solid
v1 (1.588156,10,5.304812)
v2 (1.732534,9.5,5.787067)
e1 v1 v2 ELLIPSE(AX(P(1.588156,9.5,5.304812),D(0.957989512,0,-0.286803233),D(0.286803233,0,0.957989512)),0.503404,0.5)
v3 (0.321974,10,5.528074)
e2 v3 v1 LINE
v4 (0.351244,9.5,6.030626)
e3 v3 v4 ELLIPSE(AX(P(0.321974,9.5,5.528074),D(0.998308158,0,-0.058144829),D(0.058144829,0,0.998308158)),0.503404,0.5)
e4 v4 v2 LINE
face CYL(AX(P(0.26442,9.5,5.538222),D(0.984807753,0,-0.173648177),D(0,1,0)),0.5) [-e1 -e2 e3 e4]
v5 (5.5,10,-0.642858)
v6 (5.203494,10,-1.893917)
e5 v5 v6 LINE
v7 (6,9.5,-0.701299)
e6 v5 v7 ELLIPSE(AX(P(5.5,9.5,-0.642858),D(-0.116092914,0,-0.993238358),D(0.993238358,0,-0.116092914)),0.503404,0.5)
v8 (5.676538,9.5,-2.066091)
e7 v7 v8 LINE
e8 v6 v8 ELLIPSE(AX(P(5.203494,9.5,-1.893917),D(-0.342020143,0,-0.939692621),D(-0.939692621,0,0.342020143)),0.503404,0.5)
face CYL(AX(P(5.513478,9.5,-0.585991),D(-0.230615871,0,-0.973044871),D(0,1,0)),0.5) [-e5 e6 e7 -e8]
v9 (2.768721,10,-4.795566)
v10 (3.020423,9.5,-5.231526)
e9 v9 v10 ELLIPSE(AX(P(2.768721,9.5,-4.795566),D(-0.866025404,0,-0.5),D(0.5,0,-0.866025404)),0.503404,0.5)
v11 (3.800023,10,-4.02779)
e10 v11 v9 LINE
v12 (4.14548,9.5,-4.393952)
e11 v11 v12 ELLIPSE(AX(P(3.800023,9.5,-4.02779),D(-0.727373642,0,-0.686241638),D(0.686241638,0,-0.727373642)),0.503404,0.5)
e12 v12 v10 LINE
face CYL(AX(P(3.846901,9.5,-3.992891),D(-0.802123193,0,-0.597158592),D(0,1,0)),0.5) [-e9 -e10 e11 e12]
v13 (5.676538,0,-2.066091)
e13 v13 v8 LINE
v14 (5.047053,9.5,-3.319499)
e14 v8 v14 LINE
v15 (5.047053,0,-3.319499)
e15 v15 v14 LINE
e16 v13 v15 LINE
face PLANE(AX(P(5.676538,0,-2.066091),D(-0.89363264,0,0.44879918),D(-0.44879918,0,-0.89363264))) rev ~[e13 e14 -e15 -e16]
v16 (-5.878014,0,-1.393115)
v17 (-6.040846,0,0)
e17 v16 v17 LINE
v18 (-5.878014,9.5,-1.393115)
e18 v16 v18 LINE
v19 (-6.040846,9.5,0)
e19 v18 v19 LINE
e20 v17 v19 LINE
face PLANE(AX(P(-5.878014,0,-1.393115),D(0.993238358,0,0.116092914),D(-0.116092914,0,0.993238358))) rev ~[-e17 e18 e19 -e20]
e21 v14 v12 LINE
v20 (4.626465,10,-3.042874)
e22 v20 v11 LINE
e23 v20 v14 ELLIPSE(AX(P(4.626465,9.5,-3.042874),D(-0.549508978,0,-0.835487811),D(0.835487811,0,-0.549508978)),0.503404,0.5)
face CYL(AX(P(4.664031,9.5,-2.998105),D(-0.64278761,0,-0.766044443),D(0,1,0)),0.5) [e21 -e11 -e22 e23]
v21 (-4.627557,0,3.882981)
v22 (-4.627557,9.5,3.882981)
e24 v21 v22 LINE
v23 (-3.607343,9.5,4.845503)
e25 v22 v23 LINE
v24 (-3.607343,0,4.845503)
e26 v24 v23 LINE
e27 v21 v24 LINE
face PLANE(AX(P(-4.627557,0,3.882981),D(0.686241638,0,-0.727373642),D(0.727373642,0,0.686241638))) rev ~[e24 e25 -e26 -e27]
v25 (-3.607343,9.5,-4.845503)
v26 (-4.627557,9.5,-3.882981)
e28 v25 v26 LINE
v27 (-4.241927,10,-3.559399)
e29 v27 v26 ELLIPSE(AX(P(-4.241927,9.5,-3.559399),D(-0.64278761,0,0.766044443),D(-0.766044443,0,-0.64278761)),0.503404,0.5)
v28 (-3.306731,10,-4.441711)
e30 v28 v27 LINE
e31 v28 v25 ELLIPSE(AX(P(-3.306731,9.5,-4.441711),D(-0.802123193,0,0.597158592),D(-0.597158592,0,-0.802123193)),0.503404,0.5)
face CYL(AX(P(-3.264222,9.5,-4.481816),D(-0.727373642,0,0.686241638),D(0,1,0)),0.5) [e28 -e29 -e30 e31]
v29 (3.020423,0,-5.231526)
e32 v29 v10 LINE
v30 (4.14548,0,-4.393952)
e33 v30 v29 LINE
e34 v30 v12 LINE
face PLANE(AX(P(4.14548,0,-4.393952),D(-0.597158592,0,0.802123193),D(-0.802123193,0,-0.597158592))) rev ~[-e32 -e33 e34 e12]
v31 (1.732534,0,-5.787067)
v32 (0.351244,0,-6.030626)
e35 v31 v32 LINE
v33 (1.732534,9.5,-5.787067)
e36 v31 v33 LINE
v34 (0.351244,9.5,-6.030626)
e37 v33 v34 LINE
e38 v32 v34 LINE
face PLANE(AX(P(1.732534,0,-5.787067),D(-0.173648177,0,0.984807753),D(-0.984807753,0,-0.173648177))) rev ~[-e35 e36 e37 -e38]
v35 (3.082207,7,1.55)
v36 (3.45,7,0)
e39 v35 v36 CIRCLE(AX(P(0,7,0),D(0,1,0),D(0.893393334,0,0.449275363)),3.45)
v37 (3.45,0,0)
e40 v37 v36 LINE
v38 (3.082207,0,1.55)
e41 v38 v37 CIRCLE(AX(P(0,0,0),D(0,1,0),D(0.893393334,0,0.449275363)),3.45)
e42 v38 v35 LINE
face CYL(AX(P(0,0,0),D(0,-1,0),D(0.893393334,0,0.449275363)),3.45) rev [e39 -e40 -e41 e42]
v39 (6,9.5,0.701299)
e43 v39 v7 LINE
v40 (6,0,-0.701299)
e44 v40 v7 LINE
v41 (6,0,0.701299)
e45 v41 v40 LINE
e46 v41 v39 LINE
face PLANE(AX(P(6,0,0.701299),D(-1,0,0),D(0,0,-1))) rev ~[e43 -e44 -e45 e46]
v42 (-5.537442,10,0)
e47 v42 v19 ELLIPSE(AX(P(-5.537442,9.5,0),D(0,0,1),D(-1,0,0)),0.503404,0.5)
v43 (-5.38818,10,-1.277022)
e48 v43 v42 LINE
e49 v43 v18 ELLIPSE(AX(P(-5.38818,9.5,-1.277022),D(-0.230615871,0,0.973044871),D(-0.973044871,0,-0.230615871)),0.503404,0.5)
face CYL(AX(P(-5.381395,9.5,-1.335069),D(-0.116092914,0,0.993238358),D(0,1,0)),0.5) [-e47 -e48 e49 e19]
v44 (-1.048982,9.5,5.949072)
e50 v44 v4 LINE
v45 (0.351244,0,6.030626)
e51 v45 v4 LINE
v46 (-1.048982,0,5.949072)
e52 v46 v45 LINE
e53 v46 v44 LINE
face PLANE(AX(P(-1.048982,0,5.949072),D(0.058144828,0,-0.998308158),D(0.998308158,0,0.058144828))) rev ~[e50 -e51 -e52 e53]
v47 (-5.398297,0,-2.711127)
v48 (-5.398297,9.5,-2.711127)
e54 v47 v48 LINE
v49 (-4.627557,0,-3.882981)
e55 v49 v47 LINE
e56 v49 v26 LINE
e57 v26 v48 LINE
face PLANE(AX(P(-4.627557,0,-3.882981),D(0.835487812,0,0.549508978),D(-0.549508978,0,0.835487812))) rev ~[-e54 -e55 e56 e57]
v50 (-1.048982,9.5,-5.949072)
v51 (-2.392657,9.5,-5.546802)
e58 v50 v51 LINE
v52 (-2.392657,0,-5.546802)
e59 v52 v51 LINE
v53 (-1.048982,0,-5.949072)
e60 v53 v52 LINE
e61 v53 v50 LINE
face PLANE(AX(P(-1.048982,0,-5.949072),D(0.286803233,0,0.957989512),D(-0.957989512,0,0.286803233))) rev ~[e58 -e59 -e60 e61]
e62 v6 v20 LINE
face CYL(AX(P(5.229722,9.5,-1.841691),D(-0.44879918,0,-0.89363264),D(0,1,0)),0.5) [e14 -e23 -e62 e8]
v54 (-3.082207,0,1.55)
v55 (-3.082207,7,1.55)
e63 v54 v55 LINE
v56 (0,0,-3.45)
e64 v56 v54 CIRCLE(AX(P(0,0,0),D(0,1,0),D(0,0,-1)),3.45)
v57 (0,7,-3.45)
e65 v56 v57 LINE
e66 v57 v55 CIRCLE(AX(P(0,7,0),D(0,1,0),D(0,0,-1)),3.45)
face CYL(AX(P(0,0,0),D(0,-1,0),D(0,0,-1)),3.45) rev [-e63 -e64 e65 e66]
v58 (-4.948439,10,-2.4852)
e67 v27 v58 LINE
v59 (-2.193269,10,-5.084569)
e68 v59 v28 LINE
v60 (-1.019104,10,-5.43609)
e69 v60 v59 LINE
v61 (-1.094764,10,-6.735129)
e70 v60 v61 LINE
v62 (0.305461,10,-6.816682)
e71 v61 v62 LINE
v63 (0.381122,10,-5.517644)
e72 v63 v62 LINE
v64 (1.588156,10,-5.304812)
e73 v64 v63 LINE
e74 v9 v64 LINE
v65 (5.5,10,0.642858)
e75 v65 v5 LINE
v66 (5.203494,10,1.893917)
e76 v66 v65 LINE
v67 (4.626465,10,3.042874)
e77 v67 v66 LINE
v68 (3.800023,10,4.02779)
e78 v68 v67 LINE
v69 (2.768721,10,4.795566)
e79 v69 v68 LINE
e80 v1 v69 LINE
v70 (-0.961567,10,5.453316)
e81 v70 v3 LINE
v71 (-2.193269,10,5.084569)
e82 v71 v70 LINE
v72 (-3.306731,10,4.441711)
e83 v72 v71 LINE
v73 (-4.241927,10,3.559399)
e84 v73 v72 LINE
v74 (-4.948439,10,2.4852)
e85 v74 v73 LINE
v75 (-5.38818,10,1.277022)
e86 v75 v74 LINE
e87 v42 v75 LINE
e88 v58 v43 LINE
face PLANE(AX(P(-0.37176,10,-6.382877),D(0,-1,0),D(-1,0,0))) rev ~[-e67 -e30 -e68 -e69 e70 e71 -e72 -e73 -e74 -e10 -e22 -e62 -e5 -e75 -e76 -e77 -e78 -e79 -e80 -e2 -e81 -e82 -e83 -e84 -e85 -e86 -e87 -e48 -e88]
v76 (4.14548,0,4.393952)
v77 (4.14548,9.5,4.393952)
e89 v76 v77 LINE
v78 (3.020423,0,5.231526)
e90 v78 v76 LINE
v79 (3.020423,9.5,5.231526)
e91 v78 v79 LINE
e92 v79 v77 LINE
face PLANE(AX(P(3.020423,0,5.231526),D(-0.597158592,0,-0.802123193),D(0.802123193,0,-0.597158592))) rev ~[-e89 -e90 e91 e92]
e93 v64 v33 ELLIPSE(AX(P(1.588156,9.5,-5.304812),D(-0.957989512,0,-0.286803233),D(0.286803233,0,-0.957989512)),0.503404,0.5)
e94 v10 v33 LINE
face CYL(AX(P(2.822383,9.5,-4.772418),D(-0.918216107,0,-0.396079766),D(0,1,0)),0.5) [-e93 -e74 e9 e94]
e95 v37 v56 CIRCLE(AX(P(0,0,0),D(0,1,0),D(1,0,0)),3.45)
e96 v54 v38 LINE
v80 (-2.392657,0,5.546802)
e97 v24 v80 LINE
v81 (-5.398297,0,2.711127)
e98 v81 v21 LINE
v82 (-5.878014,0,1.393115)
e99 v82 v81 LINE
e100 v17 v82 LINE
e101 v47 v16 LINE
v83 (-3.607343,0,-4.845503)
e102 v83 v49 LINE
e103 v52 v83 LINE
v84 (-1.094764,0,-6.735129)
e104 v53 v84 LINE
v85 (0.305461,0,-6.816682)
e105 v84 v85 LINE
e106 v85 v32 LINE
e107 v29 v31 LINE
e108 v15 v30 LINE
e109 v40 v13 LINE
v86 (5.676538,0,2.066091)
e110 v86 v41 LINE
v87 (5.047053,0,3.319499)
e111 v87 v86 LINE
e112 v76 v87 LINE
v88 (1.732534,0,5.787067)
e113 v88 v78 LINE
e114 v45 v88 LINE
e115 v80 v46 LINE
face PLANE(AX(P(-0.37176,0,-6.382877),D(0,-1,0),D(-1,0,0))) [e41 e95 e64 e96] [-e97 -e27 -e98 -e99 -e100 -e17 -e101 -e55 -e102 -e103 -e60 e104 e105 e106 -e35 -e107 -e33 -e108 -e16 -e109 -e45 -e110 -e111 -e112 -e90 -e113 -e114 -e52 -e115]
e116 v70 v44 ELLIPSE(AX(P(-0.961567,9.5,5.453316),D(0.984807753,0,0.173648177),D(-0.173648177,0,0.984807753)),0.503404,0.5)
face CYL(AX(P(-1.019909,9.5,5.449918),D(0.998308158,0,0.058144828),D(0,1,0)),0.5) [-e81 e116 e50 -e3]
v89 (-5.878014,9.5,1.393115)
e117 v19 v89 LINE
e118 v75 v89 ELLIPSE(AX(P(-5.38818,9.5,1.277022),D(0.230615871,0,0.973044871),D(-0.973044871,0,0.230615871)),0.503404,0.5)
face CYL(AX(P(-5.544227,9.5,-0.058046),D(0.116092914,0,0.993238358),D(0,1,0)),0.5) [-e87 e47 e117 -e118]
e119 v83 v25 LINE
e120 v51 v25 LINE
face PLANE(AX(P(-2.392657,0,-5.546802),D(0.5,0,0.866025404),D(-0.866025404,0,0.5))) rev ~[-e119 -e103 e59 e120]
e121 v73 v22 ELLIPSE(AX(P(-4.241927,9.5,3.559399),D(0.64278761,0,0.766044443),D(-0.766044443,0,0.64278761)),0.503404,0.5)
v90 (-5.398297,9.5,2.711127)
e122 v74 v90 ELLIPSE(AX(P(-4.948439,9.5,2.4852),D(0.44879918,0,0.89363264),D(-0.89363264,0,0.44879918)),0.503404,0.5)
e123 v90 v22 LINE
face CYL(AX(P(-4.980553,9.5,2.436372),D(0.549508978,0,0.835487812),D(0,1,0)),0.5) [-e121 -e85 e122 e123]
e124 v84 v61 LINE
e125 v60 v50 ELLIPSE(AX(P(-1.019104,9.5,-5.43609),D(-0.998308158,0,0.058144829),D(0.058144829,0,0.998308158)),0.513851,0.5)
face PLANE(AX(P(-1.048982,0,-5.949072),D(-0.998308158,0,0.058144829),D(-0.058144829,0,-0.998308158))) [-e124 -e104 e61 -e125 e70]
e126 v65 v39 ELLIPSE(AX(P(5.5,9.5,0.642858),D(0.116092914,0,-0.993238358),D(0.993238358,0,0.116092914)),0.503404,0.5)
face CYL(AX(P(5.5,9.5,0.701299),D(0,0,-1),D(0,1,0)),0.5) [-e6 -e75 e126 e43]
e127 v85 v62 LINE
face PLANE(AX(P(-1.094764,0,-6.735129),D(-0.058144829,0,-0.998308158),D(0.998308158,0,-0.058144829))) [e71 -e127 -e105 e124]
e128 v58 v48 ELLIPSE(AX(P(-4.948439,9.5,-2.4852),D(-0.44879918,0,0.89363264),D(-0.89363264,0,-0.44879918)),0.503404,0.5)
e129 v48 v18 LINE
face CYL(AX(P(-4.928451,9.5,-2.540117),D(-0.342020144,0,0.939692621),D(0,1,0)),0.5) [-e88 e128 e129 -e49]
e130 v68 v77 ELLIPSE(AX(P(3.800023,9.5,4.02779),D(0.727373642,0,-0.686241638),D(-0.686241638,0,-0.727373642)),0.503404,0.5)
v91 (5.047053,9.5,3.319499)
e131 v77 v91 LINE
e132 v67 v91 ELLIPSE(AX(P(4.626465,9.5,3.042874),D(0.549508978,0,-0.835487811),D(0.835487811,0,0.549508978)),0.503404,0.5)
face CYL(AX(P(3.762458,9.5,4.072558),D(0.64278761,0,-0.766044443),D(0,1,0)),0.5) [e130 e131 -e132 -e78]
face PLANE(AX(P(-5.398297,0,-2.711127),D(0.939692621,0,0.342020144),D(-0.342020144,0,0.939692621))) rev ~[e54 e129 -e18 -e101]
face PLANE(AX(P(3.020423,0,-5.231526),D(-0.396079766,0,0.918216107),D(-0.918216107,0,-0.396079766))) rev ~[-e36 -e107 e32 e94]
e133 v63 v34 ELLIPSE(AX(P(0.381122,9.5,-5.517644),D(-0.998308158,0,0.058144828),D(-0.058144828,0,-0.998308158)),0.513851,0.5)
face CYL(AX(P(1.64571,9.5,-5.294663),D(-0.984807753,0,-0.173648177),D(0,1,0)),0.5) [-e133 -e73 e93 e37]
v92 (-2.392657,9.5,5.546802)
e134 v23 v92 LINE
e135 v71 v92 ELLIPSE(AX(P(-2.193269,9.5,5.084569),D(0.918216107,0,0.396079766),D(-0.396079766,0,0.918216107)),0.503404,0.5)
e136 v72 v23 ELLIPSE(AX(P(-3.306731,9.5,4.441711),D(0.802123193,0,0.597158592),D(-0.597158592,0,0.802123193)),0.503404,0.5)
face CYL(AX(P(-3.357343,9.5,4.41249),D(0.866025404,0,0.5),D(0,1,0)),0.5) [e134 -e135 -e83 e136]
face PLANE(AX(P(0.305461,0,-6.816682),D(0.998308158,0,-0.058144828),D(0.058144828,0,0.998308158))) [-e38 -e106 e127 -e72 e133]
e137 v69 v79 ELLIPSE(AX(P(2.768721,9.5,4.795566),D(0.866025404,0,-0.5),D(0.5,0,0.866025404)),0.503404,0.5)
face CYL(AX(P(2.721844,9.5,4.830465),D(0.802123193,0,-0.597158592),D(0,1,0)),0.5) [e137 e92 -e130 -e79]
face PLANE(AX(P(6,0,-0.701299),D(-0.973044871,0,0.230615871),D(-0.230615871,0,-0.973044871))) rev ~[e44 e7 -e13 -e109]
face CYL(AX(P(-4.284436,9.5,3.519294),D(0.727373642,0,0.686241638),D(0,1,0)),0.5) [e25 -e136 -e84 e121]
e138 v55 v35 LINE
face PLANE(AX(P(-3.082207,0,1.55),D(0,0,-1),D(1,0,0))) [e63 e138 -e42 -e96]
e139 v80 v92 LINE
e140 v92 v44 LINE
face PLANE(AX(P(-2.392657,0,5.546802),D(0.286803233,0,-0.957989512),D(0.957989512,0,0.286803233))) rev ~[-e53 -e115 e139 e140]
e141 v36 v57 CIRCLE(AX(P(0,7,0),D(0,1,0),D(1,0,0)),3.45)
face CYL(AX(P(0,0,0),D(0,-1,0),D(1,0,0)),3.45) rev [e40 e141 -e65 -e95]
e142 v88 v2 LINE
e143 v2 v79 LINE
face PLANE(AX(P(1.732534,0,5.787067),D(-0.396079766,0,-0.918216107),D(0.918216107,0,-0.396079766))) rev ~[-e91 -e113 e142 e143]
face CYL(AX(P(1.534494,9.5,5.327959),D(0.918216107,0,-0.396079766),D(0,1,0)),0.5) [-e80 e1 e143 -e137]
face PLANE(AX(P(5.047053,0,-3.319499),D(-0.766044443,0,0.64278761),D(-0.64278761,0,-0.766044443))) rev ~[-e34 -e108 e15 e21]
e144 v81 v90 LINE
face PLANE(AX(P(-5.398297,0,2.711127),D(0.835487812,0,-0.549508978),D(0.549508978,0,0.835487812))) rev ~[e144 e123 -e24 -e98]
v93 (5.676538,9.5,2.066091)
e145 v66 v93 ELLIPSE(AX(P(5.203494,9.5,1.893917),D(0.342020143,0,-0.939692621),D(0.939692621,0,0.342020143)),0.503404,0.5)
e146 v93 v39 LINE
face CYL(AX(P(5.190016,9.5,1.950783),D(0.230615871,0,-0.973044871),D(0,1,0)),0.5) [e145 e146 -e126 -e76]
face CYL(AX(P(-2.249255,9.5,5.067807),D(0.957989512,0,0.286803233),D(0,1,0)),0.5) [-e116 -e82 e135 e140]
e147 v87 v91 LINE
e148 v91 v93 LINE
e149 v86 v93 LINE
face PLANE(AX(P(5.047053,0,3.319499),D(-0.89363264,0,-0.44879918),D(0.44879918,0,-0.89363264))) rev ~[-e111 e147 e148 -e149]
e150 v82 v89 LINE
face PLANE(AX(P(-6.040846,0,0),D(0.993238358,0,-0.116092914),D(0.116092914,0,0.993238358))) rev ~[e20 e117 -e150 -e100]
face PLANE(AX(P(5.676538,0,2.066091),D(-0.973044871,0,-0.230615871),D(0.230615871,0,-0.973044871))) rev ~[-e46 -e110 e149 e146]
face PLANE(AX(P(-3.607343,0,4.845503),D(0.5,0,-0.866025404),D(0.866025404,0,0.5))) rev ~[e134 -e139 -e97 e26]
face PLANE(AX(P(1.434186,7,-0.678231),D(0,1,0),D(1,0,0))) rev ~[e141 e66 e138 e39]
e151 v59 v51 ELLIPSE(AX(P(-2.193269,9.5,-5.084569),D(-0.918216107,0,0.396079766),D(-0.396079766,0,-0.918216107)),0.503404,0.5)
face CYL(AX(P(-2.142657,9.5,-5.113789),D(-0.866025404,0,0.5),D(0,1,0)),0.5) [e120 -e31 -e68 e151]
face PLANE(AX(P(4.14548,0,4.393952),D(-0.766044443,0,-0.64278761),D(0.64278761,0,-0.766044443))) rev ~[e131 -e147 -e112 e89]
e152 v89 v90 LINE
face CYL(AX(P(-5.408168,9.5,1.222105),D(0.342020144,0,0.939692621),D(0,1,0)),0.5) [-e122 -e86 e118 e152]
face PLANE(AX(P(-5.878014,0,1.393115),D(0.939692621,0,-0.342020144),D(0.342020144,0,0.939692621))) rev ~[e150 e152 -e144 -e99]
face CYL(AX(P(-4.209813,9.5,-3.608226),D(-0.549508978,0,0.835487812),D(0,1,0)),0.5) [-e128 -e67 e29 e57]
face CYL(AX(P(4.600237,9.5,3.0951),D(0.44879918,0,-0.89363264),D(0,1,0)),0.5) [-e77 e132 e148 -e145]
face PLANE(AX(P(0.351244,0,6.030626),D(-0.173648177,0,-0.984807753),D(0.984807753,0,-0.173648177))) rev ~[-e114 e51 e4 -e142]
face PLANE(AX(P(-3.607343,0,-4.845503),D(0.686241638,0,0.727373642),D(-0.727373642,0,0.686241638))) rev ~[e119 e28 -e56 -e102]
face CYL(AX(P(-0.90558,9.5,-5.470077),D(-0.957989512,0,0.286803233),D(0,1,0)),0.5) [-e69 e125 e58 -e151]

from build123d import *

# Parameters (mm, degrees)
BOSS_EXTRUDE1_DEPTH = 10
BOSS_EXTRUDE2_DEPTH = 10
FILLET2_R           = 0.5
CUT_EXTRUDE1_DEPTH  = 7


with BuildPart() as part:
    # Sketch1 → Boss-Extrude1 (new body)
    with BuildSketch(Plane(origin=(0, 0, 0), x_dir=(1, 0, 0), z_dir=(0, 1, 0))):
        Polygon((4.145480081, 4.393952182), (3.02042302, 5.231526131), (1.732534173, 5.787067152), (0.351243959, 6.030625884), (-1.048981906, 5.949072015), (-2.392656886, 5.546802133), (-3.607343114, 4.845502712), (-4.627556541, 3.882980986), (-5.398297196, 2.71112675), (-5.878014253, 1.39311497), (-6.04084604, 0), (-5.878014253, -1.39311497), (-5.398297196, -2.71112675), (-4.627556541, -3.882980986), (-3.607343114, -4.845502712), (-2.392656886, -5.546802133), (-1.048981906, -5.949072015), (0.351243959, -6.030625884), (1.732534173, -5.787067152), (3.02042302, -5.231526131), (4.145480081, -4.393952182), (5.047053237, -3.319499134), (5.676538447, -2.066091028), (6, -0.701299421), (6, 0.701299421), (5.676538447, 2.066091028), (5.047053237, 3.319499134), align=None)
    extrude(amount=BOSS_EXTRUDE1_DEPTH)

    # Sketch2 → Boss-Extrude2 (add)
    with BuildSketch(Plane(origin=(0, 0, 0), x_dir=(1, 0, 0), z_dir=(0, 1, 0))):
        Polygon((-1.094764488, 6.735128586), (0.305461378, 6.816682456), (0.351243959, 6.030625884), (-1.048981906, 5.949072015), align=None)
    extrude(amount=BOSS_EXTRUDE2_DEPTH)

    # Fillet2
    fillet2_edges = [part.edges().sort_by_distance(p)[0] for p in [
        (4.596266659, 10, 3.856725658),
        (5.361795842, 10, 2.692795081),
        (5.838269223, 10, 1.383695224),
        (5.361795842, 10, -2.692795081),
        (4.596266659, 10, -3.856725658),
        (3.58295155, 10, -4.812739157),
        (2.376478596, 10, -5.509296641),
        (1.041889066, 10, -5.908846518),
        (-1.720819396, 10, -5.747937074),
        (-3, 10, -5.196152423),
        (-4.117449827, 10, -4.364241849),
        (-5.012926868, 10, -3.297053868),
        (6, 10, 0),
        (-5.638155725, 10, -2.05212086),
        (-5.959430146, 10, -0.696557485),
        (-5.959430146, 10, 0.696557485),
        (-5.638155725, 10, 2.05212086),
        (-5.012926868, 10, 3.297053868),
        (-4.117449827, 10, 4.364241849),
        (-3, 10, 5.196152423),
        (-1.720819396, 10, 5.747937074),
        (-0.348868973, 10, 5.98984895),
        (1.041889066, 10, 5.908846518),
        (5.838269223, 10, -1.383695224),
        (2.376478596, 10, 5.509296641),
        (3.58295155, 10, 4.812739157),
    ]]
    fillet(fillet2_edges, radius=FILLET2_R)

    # Sketch4 → Cut-Extrude1 (cut)
    with BuildSketch(Plane(origin=(0, 0, 0), x_dir=(1, 0, 0), z_dir=(0, 1, 0))):
        with BuildLine():
            ThreePointArc((3.45, 0), (2.439518395, 2.439518395), (0, 3.45))
            Line((0, 3.45), (0, -1.55))
            Line((0, -1.55), (3.082207001, -1.55))
            ThreePointArc((3.082207001, -1.55), (3.356792677, -0.796519254), (3.45, 0))
        make_face()
        with BuildLine():
            Line((0, -1.55), (0, 3.45))
            ThreePointArc((0, 3.45), (-2.936835031, 1.810386699), (-3.082207001, -1.55))
            Line((-3.082207001, -1.55), (0, -1.55))
        make_face()
    extrude(amount=CUT_EXTRUDE1_DEPTH, mode=Mode.SUBTRACT)


solid = part.part
